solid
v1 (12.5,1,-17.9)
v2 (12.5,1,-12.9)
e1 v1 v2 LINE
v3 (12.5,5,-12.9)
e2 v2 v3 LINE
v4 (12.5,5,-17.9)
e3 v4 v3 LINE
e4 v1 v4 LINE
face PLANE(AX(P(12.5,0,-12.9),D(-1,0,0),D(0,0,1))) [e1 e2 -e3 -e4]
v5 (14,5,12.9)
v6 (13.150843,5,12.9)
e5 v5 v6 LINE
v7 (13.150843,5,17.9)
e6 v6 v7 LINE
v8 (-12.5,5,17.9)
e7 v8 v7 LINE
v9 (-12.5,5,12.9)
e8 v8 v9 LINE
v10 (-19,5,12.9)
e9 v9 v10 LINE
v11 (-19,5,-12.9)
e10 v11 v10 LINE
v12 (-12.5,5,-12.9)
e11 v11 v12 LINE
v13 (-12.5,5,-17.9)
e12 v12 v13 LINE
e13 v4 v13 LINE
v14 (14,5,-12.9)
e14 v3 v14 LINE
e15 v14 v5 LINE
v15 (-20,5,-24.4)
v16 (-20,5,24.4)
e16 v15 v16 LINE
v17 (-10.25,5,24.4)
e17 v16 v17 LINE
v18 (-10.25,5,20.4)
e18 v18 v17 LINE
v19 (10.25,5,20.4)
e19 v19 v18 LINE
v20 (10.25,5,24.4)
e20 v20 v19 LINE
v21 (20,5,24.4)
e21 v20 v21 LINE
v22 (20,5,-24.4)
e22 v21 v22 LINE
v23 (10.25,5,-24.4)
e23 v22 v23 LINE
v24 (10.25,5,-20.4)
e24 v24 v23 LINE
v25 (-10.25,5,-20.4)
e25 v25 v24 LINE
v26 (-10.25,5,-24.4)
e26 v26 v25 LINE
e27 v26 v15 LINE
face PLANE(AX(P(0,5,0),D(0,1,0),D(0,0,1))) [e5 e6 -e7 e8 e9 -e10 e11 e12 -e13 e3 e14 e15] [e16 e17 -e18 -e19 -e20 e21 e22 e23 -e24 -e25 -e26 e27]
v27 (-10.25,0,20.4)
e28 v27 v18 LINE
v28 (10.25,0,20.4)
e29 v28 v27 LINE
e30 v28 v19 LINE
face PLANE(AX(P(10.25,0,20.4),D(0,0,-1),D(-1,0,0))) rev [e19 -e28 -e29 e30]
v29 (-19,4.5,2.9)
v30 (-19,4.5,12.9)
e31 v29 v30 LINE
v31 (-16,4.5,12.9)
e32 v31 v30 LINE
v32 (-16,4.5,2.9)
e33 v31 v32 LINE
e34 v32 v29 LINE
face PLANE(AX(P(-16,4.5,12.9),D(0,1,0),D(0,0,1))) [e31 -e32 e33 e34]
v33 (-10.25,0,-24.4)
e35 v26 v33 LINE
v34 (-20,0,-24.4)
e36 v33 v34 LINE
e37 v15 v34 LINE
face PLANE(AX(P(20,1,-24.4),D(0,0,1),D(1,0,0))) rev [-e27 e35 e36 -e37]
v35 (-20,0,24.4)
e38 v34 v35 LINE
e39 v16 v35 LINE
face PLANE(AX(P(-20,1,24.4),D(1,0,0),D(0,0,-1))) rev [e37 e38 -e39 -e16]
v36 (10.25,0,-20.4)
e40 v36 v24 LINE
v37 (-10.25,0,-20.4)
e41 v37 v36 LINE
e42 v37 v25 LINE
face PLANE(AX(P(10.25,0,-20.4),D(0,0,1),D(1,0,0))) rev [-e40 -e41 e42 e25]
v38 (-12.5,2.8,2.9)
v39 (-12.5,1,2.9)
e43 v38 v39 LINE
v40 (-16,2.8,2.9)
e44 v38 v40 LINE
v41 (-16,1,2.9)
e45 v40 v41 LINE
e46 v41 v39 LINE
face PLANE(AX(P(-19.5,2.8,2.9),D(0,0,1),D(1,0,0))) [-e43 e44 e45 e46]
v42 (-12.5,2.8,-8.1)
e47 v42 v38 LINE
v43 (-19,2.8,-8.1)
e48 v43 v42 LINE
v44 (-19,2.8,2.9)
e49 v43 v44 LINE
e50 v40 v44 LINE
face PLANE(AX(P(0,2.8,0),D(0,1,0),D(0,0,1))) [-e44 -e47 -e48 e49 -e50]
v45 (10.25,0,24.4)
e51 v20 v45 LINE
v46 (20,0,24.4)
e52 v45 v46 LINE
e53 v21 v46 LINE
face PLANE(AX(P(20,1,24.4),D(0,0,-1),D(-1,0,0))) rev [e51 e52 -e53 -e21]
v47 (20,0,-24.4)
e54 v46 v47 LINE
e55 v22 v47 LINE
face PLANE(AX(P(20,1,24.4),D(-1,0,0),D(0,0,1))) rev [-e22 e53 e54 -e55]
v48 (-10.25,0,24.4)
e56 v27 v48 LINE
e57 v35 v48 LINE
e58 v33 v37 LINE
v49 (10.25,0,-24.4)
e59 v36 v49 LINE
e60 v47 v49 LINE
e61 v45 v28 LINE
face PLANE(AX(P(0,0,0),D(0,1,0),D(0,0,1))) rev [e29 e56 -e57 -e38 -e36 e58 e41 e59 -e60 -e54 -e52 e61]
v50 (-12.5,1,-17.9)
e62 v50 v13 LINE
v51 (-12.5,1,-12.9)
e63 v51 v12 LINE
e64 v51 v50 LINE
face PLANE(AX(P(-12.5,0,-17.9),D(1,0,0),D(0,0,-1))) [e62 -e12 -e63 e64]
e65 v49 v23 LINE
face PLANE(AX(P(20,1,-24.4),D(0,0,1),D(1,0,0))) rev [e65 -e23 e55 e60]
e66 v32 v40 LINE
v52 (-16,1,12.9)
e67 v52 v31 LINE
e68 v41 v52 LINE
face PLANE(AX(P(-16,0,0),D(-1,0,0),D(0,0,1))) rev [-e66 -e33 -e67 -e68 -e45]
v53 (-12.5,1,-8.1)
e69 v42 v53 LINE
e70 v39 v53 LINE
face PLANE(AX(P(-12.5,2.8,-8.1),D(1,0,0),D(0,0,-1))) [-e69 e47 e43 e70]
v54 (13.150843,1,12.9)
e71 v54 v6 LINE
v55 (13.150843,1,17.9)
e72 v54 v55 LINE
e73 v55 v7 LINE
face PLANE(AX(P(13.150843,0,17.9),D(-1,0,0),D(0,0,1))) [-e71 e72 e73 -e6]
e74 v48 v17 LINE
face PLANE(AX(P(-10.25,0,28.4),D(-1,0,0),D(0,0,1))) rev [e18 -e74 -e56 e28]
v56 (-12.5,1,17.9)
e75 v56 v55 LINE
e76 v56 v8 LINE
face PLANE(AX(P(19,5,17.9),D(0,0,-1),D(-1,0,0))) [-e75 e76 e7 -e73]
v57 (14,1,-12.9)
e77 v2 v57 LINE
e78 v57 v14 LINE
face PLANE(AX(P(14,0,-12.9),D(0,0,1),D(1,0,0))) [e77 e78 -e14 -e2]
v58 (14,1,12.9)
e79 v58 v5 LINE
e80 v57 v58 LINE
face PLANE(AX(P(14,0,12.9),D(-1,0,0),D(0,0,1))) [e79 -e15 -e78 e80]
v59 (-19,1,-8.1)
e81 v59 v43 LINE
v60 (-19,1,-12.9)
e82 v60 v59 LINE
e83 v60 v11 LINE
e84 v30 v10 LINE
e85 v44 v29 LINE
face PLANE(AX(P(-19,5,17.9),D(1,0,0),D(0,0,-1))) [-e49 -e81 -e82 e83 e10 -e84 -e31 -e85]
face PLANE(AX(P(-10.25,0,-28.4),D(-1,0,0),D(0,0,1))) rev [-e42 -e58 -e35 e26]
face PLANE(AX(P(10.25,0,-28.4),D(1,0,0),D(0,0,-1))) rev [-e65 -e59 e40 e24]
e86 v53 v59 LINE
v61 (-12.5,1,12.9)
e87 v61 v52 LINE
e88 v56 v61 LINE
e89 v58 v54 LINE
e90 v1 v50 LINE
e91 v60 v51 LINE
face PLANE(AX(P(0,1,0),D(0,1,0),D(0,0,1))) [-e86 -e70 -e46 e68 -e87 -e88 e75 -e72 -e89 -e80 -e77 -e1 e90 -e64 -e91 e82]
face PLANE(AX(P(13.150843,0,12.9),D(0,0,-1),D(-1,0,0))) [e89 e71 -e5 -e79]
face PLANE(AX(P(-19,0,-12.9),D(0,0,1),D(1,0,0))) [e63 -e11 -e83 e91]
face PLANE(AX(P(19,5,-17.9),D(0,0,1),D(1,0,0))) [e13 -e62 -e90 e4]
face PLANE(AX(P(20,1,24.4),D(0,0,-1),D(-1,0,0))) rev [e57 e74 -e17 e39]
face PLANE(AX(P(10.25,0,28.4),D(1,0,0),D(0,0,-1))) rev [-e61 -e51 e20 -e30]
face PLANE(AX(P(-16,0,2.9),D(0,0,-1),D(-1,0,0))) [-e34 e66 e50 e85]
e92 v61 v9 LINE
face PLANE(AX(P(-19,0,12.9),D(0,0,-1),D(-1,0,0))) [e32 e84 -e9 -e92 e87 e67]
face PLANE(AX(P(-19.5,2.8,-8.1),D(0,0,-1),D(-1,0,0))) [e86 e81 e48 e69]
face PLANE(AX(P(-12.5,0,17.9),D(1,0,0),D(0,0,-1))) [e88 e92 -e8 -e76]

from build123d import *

# Parameters (mm, degrees)
SKETCH1_W           = 40
SKETCH1_H           = 48.8
BOSS_EXTRUDE1_DEPTH = 1
SKETCH2_W           = 40
SKETCH2_H           = 48.8
SKETCH2_W_2         = 38
SKETCH2_H_2         = 35.8
BOSS_EXTRUDE2_DEPTH = 4
SKETCH3_W           = 20.5
SKETCH3_H           = 8
CUT_EXTRUDE1_DEPTH  = 6
BOSS_EXTRUDE3_REACH = 7
SKETCH4_W           = 6.5
SKETCH4_H           = 5
SKETCH5_W           = 7
SKETCH5_H           = 11
BOSS_EXTRUDE4_DEPTH = 2.8
SKETCH7_W           = 10
SKETCH7_H           = 4.5
BOSS_EXTRUDE5_DEPTH = 4


with BuildPart() as part:
    # Sketch1 → Boss-Extrude1 (new body)
    with BuildSketch(Plane(origin=(0, 0, 0), x_dir=(1, 0, 0), z_dir=(0, 1, 0))):
        Rectangle(SKETCH1_W, SKETCH1_H)
    extrude(amount=BOSS_EXTRUDE1_DEPTH)

    # Sketch2 → Boss-Extrude2 (add)
    with BuildSketch(Plane(origin=(0, 1, 0), x_dir=(1, 0, 0), z_dir=(0, 1, 0))):
        Rectangle(SKETCH2_W, SKETCH2_H)
        Rectangle(SKETCH2_W_2, SKETCH2_H_2, mode=Mode.SUBTRACT)
    extrude(amount=BOSS_EXTRUDE2_DEPTH)

    # Sketch3 → Cut-Extrude1 (cut, through all)
    with BuildSketch(Plane(origin=(0, 5, 0), x_dir=(1, 0, 0), z_dir=(0, 1, 0))):
        with Locations((0, -24.4)):
            Rectangle(SKETCH3_W, SKETCH3_H)
        with Locations((0, 24.4)):
            Rectangle(SKETCH3_W, SKETCH3_H)
    extrude(amount=-CUT_EXTRUDE1_DEPTH, mode=Mode.SUBTRACT)

    # Sketch4 → Boss-Extrude3 (add, up to next)
    with BuildSketch(Plane(origin=(0, 5, 0), x_dir=(1, 0, 0), z_dir=(0, 1, 0)), mode=Mode.PRIVATE) as boss_extrude3_sk1:
        with Locations((-15.75, -15.4)):
            Rectangle(SKETCH4_W, SKETCH4_H)
    boss_extrude3_tool1 = extrude(boss_extrude3_sk1.sketch, amount=-BOSS_EXTRUDE3_REACH, mode=Mode.PRIVATE) - part.part
    add(boss_extrude3_tool1.solids().sort_by_distance((-15.75, 5, 15.4))[0])
    # Sketch4 → Boss-Extrude3 (add, up to next)
    with BuildSketch(Plane(origin=(0, 5, 0), x_dir=(1, 0, 0), z_dir=(0, 1, 0)), mode=Mode.PRIVATE) as boss_extrude3_sk2:
        with Locations((-15.75, 15.4)):
            Rectangle(SKETCH4_W, SKETCH4_H)
    boss_extrude3_tool2 = extrude(boss_extrude3_sk2.sketch, amount=-BOSS_EXTRUDE3_REACH, mode=Mode.PRIVATE) - part.part
    add(boss_extrude3_tool2.solids().sort_by_distance((-15.75, 5, -15.4))[0])
    # Sketch4 → Boss-Extrude3 (add, up to next)
    with BuildSketch(Plane(origin=(0, 5, 0), x_dir=(1, 0, 0), z_dir=(0, 1, 0)), mode=Mode.PRIVATE) as boss_extrude3_sk3:
        Polygon((19, 17.9), (19, -17.9), (13.150842714, -17.9), (13.150842714, -12.9), (14, -12.9), (14, 12.9), (12.5, 12.9), (12.5, 17.9), align=None)
    boss_extrude3_tool3 = extrude(boss_extrude3_sk3.sketch, amount=-BOSS_EXTRUDE3_REACH, mode=Mode.PRIVATE) - part.part
    add(boss_extrude3_tool3.solids().sort_by_distance((16.307114, 5, -0.262731))[0])

    # Sketch5 → Boss-Extrude4 (add)
    with BuildSketch(Plane.XZ):
        with Locations((-16, -2.6)):
            Rectangle(SKETCH5_W, SKETCH5_H)
    extrude(amount=-BOSS_EXTRUDE4_DEPTH)

    # Sketch7 → Boss-Extrude5 (add)
    with BuildSketch(Plane.ZY.offset(20)):
        with Locations((7.9, 2.25)):
            Rectangle(SKETCH7_W, SKETCH7_H)
    extrude(amount=-BOSS_EXTRUDE5_DEPTH)


solid = part.part
